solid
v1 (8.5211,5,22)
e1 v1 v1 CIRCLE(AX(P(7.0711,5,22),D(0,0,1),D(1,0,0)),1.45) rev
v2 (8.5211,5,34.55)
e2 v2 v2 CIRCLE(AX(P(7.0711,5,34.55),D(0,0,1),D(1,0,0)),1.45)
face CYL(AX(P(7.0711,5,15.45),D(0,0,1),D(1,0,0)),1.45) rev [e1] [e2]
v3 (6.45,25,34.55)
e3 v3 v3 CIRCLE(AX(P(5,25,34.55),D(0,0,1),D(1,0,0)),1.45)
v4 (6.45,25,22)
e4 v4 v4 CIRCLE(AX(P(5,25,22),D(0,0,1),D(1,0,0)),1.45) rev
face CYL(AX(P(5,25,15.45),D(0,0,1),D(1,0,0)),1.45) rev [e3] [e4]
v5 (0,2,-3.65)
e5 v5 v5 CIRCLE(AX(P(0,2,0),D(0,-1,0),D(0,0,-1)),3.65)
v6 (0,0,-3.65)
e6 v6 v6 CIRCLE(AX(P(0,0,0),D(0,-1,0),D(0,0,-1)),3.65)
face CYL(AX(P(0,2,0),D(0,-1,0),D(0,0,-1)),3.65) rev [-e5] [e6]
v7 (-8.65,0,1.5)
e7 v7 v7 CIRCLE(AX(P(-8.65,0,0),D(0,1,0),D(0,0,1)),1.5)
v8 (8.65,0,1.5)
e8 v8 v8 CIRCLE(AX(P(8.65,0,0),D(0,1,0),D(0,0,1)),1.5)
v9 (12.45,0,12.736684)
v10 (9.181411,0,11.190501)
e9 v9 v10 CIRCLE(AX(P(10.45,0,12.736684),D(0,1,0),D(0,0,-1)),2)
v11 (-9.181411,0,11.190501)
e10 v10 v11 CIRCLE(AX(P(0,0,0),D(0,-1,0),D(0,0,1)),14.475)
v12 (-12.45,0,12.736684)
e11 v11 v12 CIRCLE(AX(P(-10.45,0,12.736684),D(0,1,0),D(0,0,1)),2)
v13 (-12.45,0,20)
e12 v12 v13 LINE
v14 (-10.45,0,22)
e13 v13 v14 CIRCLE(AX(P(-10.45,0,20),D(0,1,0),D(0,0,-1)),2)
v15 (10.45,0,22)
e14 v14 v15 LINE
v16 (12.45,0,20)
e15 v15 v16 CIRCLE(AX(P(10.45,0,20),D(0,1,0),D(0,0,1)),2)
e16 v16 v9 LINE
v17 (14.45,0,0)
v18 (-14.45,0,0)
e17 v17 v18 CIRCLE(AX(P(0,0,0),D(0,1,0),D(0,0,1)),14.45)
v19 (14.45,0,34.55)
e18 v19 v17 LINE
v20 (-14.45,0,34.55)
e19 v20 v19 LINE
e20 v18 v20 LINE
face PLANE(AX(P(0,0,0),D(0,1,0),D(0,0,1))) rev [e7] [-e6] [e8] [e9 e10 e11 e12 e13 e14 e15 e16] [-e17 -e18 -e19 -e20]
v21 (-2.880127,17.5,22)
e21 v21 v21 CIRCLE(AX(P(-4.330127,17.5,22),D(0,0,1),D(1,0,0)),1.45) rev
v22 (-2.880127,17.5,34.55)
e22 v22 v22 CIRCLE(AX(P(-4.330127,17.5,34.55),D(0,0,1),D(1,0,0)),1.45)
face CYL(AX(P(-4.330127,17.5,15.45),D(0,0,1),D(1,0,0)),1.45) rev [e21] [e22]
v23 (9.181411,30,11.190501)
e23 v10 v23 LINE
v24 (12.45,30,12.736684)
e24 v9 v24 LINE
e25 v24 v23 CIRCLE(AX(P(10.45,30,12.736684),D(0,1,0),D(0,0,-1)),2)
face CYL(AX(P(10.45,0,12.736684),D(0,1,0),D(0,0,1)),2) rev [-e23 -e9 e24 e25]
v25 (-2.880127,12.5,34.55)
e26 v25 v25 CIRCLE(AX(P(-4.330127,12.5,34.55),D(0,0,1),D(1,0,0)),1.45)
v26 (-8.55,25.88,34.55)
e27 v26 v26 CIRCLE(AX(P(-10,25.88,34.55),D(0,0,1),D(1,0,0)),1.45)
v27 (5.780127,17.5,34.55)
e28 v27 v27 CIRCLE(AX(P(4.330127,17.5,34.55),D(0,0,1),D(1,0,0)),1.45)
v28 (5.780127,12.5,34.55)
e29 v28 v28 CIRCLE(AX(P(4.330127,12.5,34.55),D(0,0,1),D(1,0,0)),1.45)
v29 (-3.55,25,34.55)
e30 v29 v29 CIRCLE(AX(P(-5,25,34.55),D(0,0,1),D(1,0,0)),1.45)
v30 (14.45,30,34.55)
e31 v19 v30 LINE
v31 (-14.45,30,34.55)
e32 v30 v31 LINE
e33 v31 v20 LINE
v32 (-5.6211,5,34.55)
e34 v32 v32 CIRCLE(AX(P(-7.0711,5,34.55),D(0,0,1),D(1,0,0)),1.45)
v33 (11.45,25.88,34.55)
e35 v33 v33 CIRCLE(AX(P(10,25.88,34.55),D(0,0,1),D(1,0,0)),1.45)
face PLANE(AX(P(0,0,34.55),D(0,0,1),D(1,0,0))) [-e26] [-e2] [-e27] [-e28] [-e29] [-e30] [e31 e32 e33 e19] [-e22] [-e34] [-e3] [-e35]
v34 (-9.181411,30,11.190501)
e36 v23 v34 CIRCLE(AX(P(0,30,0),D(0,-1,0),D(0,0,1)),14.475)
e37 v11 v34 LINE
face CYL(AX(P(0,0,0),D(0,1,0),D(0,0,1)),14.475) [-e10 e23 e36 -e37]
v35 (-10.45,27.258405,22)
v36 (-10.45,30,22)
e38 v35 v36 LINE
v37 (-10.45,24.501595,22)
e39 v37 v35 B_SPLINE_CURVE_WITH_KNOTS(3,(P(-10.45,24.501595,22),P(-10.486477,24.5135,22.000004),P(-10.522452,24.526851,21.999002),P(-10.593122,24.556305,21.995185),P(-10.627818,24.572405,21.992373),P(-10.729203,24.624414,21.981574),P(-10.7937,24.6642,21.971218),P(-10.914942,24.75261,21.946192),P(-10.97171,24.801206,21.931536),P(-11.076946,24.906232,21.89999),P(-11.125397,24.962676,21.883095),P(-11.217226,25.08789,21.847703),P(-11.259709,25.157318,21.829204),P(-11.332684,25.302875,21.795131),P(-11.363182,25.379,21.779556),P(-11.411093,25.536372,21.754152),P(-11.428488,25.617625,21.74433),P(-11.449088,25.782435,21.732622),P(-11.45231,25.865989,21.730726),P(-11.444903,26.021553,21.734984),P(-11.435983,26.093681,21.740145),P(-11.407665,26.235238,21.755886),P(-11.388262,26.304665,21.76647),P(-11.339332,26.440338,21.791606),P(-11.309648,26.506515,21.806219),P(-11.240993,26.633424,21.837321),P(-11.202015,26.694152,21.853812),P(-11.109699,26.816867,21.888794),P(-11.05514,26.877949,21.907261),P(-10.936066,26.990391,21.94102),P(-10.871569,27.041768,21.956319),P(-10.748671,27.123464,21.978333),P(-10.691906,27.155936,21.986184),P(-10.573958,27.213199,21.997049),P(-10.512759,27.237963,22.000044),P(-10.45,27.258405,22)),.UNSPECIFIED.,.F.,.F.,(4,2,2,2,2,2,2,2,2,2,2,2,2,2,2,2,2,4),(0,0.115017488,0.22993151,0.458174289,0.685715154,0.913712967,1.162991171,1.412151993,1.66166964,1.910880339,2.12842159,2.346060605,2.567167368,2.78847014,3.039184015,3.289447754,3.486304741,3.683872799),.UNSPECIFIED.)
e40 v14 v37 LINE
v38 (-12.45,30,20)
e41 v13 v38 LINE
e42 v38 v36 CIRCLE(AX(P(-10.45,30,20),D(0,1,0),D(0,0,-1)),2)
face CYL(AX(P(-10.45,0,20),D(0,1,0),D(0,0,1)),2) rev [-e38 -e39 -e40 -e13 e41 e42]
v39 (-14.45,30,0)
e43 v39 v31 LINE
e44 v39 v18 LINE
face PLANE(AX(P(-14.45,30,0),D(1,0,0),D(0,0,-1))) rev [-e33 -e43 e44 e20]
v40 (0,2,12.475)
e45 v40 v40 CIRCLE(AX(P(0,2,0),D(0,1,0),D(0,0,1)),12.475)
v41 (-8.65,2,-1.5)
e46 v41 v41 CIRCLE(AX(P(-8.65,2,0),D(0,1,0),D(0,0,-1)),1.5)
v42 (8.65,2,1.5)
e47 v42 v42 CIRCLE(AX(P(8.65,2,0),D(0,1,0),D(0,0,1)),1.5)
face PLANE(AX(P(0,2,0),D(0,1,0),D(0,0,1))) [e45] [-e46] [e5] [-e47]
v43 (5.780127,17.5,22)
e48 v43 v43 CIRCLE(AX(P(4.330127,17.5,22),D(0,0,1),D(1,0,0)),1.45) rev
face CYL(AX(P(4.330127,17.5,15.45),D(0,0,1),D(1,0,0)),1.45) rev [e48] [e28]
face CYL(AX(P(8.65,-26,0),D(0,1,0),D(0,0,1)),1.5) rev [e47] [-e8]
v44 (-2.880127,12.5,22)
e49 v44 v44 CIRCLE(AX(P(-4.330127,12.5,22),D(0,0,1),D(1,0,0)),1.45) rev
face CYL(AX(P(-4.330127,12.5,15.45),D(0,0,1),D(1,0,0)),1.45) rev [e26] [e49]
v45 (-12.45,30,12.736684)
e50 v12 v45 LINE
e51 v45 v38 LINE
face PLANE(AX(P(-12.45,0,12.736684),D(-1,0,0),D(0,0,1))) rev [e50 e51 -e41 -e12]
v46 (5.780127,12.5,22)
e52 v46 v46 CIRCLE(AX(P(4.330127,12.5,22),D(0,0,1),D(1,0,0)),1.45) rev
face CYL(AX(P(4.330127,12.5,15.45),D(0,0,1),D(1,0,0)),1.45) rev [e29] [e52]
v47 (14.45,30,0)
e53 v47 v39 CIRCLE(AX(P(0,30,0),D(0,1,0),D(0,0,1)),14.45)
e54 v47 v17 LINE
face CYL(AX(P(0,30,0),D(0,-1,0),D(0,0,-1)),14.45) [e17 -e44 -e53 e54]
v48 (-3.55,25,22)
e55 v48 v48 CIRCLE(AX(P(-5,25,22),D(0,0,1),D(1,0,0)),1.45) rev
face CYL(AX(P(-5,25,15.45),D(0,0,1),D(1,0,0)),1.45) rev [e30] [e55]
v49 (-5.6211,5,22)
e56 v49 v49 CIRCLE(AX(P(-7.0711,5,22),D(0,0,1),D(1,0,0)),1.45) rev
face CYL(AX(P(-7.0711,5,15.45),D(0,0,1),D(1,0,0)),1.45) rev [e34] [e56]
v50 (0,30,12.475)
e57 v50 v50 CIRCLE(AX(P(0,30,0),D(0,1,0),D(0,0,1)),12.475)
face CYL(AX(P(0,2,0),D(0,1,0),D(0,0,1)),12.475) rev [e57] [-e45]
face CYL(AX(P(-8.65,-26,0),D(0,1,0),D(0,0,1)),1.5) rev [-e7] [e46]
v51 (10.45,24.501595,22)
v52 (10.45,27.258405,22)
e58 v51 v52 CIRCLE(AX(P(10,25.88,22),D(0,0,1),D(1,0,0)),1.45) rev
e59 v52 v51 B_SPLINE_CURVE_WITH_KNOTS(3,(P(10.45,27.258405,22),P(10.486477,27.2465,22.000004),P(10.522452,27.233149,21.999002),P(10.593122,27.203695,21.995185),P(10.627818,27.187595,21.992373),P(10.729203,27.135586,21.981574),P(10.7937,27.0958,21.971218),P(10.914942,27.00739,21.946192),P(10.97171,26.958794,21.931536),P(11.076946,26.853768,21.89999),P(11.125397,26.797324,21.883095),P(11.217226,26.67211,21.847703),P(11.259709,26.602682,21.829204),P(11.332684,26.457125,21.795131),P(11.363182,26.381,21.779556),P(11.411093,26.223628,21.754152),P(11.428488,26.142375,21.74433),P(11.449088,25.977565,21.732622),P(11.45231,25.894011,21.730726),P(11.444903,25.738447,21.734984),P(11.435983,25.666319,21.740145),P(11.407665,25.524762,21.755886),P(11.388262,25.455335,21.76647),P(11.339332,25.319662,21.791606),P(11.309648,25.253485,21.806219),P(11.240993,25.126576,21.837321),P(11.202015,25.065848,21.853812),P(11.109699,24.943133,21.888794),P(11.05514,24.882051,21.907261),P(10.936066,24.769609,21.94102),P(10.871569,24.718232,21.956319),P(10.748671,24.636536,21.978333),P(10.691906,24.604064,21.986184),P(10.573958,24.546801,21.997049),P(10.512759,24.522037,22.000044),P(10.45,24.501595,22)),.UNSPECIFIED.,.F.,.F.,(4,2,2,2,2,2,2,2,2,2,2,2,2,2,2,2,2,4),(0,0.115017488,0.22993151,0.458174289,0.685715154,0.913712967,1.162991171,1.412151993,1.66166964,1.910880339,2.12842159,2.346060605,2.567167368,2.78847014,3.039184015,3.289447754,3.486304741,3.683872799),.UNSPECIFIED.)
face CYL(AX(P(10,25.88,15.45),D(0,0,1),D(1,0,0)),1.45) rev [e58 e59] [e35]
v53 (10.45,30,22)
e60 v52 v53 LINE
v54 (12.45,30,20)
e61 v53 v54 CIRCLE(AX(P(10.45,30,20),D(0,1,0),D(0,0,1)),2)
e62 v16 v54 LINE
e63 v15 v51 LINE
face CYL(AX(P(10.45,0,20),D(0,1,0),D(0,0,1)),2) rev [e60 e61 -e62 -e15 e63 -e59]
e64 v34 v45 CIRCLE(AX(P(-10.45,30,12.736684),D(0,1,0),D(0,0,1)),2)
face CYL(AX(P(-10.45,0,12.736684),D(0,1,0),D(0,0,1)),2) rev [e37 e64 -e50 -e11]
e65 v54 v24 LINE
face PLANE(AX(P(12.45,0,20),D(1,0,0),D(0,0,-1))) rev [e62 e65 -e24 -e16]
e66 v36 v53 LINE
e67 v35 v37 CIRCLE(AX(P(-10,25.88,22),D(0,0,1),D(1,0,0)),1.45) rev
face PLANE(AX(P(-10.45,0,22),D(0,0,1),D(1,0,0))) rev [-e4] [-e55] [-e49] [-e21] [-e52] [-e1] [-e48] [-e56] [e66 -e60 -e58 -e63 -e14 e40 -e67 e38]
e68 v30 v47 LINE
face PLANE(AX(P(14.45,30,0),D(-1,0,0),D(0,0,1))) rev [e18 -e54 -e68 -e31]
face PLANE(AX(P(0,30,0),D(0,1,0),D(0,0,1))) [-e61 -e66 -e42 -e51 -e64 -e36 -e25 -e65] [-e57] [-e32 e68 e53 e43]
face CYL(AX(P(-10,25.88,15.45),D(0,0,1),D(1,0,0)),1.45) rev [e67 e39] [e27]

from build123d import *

# Parameters (mm, degrees)
CROQUIS1_R              = 14.45
SALIENTE_EXTRUIR1_DEPTH = 30
CROQUIS3_W              = 28.9
CROQUIS3_H              = 18.45
SALIENTE_EXTRUIR2_DEPTH = 30
CROQUIS4_R              = 12.475
CORTAR_EXTRUIR2_DEPTH   = 28
CROQUIS6_R              = 1.5
CORTAR_EXTRUIR4_DEPTH   = 28
CROQUIS7_R              = 1.45
CORTAR_EXTRUIR5_DEPTH   = 3
CROQUIS8_R              = 3.65
CORTAR_EXTRUIR6_DEPTH   = 2
SALIENTE_EXTRUIR4_START = 16.1
CROQUIS9_W              = 28.9
CROQUIS9_H              = 30
CROQUIS9_R              = 1.45
SALIENTE_EXTRUIR4_DEPTH = 16.1
CORTAR_EXTRUIR7_DEPTH   = 48.984424556


with BuildPart() as part:
    # Croquis1 → Saliente-Extruir1 (new body)
    with BuildSketch(Plane(origin=(0, 0, 0), x_dir=(1, 0, 0), z_dir=(0, 1, 0))):
        Circle(CROQUIS1_R)
    extrude(amount=SALIENTE_EXTRUIR1_DEPTH)

    # Croquis3 → Saliente-Extruir2 (add)
    with BuildSketch(Plane(origin=(0, 0, 0), x_dir=(1, 0, 0), z_dir=(0, 1, 0))):
        with Locations((0, -9.225)):
            Rectangle(CROQUIS3_W, CROQUIS3_H)
    extrude(amount=SALIENTE_EXTRUIR2_DEPTH)

    # Croquis4 → Cortar-Extruir2 (cut)
    with BuildSketch(Plane(origin=(0, 30, 0), x_dir=(1, 0, 0), z_dir=(0, 1, 0))):
        Circle(CROQUIS4_R)
    extrude(amount=-CORTAR_EXTRUIR2_DEPTH, mode=Mode.SUBTRACT)

    # Croquis6 → Cortar-Extruir4 (cut)
    with BuildSketch(Plane(origin=(0, 2, 0), x_dir=(1, 0, 0), z_dir=(0, 1, 0))):
        with Locations((8.65, 0)):
            Circle(CROQUIS6_R)
        with Locations((-8.65, 0)):
            Circle(CROQUIS6_R)
    extrude(amount=-CORTAR_EXTRUIR4_DEPTH, mode=Mode.SUBTRACT)

    # Croquis7 → Cortar-Extruir5 (cut)
    with BuildSketch(Plane.XY.offset(18.45)):
        with Locations((-5, 25)):
            Circle(CROQUIS7_R)
        with Locations((5, 25)):
            Circle(CROQUIS7_R)
        with Locations((-7.0711, 5)):
            Circle(CROQUIS7_R)
        with Locations((7.0711, 5)):
            Circle(CROQUIS7_R)
        with Locations((-4.330127019, 17.5)):
            Circle(CROQUIS7_R)
        with Locations((4.330127019, 12.5)):
            Circle(CROQUIS7_R)
        with Locations((-10, 25.88)):
            Circle(CROQUIS7_R)
        with Locations((10, 25.88)):
            Circle(CROQUIS7_R)
        with Locations((-4.330127019, 12.5)):
            Circle(CROQUIS7_R)
        with Locations((4.330127019, 17.5)):
            Circle(CROQUIS7_R)
    extrude(amount=-CORTAR_EXTRUIR5_DEPTH, mode=Mode.SUBTRACT)

    # Croquis8 → Cortar-Extruir6 (cut)
    with BuildSketch(Plane.XZ):
        Circle(CROQUIS8_R)
    extrude(amount=-CORTAR_EXTRUIR6_DEPTH, mode=Mode.SUBTRACT)

    # Croquis9 → Saliente-Extruir4 (add)
    with BuildSketch(Plane.XY.offset(18.45).offset(SALIENTE_EXTRUIR4_START)):
        with Locations((0, 15)):
            Rectangle(CROQUIS9_W, CROQUIS9_H)
        with Locations((-4.330127019, 12.5)):
            Circle(CROQUIS9_R, mode=Mode.SUBTRACT)
        with Locations((4.330127019, 17.5)):
            Circle(CROQUIS9_R, mode=Mode.SUBTRACT)
        with Locations((-5, 25)):
            Circle(CROQUIS9_R, mode=Mode.SUBTRACT)
        with Locations((5, 25)):
            Circle(CROQUIS9_R, mode=Mode.SUBTRACT)
        with Locations((-7.0711, 5)):
            Circle(CROQUIS9_R, mode=Mode.SUBTRACT)
        with Locations((7.0711, 5)):
            Circle(CROQUIS9_R, mode=Mode.SUBTRACT)
        with Locations((-4.330127019, 17.5)):
            Circle(CROQUIS9_R, mode=Mode.SUBTRACT)
        with Locations((4.330127019, 12.5)):
            Circle(CROQUIS9_R, mode=Mode.SUBTRACT)
        with Locations((-10, 25.88)):
            Circle(CROQUIS9_R, mode=Mode.SUBTRACT)
        with Locations((10, 25.88)):
            Circle(CROQUIS9_R, mode=Mode.SUBTRACT)
    extrude(amount=-SALIENTE_EXTRUIR4_DEPTH)

    # Croquis10 → Cortar-Extruir7 (cut, through all)
    with BuildSketch(Plane(origin=(0, 30, 0), x_dir=(1, 0, 0), z_dir=(0, 1, 0))):
        with BuildLine():
            Line((-10.45, -22), (10.45, -22))
            ThreePointArc((10.45, -22), (11.864213562, -21.414213562), (12.45, -20))
            Line((12.45, -20), (12.45, -12.736684223))
            ThreePointArc((12.45, -12.736684223), (11.305225835, -10.928760339), (9.181411229, -11.190501009))
            ThreePointArc((9.181411229, -11.190501009), (0, -14.475), (-9.181411229, -11.190501009))
            ThreePointArc((-9.181411229, -11.190501009), (-11.305225835, -10.928760339), (-12.45, -12.736684223))
            Line((-12.45, -12.736684223), (-12.45, -20))
            ThreePointArc((-12.45, -20), (-11.864213562, -21.414213562), (-10.45, -22))
        make_face()
    extrude(amount=-CORTAR_EXTRUIR7_DEPTH, mode=Mode.SUBTRACT)


solid = part.part
